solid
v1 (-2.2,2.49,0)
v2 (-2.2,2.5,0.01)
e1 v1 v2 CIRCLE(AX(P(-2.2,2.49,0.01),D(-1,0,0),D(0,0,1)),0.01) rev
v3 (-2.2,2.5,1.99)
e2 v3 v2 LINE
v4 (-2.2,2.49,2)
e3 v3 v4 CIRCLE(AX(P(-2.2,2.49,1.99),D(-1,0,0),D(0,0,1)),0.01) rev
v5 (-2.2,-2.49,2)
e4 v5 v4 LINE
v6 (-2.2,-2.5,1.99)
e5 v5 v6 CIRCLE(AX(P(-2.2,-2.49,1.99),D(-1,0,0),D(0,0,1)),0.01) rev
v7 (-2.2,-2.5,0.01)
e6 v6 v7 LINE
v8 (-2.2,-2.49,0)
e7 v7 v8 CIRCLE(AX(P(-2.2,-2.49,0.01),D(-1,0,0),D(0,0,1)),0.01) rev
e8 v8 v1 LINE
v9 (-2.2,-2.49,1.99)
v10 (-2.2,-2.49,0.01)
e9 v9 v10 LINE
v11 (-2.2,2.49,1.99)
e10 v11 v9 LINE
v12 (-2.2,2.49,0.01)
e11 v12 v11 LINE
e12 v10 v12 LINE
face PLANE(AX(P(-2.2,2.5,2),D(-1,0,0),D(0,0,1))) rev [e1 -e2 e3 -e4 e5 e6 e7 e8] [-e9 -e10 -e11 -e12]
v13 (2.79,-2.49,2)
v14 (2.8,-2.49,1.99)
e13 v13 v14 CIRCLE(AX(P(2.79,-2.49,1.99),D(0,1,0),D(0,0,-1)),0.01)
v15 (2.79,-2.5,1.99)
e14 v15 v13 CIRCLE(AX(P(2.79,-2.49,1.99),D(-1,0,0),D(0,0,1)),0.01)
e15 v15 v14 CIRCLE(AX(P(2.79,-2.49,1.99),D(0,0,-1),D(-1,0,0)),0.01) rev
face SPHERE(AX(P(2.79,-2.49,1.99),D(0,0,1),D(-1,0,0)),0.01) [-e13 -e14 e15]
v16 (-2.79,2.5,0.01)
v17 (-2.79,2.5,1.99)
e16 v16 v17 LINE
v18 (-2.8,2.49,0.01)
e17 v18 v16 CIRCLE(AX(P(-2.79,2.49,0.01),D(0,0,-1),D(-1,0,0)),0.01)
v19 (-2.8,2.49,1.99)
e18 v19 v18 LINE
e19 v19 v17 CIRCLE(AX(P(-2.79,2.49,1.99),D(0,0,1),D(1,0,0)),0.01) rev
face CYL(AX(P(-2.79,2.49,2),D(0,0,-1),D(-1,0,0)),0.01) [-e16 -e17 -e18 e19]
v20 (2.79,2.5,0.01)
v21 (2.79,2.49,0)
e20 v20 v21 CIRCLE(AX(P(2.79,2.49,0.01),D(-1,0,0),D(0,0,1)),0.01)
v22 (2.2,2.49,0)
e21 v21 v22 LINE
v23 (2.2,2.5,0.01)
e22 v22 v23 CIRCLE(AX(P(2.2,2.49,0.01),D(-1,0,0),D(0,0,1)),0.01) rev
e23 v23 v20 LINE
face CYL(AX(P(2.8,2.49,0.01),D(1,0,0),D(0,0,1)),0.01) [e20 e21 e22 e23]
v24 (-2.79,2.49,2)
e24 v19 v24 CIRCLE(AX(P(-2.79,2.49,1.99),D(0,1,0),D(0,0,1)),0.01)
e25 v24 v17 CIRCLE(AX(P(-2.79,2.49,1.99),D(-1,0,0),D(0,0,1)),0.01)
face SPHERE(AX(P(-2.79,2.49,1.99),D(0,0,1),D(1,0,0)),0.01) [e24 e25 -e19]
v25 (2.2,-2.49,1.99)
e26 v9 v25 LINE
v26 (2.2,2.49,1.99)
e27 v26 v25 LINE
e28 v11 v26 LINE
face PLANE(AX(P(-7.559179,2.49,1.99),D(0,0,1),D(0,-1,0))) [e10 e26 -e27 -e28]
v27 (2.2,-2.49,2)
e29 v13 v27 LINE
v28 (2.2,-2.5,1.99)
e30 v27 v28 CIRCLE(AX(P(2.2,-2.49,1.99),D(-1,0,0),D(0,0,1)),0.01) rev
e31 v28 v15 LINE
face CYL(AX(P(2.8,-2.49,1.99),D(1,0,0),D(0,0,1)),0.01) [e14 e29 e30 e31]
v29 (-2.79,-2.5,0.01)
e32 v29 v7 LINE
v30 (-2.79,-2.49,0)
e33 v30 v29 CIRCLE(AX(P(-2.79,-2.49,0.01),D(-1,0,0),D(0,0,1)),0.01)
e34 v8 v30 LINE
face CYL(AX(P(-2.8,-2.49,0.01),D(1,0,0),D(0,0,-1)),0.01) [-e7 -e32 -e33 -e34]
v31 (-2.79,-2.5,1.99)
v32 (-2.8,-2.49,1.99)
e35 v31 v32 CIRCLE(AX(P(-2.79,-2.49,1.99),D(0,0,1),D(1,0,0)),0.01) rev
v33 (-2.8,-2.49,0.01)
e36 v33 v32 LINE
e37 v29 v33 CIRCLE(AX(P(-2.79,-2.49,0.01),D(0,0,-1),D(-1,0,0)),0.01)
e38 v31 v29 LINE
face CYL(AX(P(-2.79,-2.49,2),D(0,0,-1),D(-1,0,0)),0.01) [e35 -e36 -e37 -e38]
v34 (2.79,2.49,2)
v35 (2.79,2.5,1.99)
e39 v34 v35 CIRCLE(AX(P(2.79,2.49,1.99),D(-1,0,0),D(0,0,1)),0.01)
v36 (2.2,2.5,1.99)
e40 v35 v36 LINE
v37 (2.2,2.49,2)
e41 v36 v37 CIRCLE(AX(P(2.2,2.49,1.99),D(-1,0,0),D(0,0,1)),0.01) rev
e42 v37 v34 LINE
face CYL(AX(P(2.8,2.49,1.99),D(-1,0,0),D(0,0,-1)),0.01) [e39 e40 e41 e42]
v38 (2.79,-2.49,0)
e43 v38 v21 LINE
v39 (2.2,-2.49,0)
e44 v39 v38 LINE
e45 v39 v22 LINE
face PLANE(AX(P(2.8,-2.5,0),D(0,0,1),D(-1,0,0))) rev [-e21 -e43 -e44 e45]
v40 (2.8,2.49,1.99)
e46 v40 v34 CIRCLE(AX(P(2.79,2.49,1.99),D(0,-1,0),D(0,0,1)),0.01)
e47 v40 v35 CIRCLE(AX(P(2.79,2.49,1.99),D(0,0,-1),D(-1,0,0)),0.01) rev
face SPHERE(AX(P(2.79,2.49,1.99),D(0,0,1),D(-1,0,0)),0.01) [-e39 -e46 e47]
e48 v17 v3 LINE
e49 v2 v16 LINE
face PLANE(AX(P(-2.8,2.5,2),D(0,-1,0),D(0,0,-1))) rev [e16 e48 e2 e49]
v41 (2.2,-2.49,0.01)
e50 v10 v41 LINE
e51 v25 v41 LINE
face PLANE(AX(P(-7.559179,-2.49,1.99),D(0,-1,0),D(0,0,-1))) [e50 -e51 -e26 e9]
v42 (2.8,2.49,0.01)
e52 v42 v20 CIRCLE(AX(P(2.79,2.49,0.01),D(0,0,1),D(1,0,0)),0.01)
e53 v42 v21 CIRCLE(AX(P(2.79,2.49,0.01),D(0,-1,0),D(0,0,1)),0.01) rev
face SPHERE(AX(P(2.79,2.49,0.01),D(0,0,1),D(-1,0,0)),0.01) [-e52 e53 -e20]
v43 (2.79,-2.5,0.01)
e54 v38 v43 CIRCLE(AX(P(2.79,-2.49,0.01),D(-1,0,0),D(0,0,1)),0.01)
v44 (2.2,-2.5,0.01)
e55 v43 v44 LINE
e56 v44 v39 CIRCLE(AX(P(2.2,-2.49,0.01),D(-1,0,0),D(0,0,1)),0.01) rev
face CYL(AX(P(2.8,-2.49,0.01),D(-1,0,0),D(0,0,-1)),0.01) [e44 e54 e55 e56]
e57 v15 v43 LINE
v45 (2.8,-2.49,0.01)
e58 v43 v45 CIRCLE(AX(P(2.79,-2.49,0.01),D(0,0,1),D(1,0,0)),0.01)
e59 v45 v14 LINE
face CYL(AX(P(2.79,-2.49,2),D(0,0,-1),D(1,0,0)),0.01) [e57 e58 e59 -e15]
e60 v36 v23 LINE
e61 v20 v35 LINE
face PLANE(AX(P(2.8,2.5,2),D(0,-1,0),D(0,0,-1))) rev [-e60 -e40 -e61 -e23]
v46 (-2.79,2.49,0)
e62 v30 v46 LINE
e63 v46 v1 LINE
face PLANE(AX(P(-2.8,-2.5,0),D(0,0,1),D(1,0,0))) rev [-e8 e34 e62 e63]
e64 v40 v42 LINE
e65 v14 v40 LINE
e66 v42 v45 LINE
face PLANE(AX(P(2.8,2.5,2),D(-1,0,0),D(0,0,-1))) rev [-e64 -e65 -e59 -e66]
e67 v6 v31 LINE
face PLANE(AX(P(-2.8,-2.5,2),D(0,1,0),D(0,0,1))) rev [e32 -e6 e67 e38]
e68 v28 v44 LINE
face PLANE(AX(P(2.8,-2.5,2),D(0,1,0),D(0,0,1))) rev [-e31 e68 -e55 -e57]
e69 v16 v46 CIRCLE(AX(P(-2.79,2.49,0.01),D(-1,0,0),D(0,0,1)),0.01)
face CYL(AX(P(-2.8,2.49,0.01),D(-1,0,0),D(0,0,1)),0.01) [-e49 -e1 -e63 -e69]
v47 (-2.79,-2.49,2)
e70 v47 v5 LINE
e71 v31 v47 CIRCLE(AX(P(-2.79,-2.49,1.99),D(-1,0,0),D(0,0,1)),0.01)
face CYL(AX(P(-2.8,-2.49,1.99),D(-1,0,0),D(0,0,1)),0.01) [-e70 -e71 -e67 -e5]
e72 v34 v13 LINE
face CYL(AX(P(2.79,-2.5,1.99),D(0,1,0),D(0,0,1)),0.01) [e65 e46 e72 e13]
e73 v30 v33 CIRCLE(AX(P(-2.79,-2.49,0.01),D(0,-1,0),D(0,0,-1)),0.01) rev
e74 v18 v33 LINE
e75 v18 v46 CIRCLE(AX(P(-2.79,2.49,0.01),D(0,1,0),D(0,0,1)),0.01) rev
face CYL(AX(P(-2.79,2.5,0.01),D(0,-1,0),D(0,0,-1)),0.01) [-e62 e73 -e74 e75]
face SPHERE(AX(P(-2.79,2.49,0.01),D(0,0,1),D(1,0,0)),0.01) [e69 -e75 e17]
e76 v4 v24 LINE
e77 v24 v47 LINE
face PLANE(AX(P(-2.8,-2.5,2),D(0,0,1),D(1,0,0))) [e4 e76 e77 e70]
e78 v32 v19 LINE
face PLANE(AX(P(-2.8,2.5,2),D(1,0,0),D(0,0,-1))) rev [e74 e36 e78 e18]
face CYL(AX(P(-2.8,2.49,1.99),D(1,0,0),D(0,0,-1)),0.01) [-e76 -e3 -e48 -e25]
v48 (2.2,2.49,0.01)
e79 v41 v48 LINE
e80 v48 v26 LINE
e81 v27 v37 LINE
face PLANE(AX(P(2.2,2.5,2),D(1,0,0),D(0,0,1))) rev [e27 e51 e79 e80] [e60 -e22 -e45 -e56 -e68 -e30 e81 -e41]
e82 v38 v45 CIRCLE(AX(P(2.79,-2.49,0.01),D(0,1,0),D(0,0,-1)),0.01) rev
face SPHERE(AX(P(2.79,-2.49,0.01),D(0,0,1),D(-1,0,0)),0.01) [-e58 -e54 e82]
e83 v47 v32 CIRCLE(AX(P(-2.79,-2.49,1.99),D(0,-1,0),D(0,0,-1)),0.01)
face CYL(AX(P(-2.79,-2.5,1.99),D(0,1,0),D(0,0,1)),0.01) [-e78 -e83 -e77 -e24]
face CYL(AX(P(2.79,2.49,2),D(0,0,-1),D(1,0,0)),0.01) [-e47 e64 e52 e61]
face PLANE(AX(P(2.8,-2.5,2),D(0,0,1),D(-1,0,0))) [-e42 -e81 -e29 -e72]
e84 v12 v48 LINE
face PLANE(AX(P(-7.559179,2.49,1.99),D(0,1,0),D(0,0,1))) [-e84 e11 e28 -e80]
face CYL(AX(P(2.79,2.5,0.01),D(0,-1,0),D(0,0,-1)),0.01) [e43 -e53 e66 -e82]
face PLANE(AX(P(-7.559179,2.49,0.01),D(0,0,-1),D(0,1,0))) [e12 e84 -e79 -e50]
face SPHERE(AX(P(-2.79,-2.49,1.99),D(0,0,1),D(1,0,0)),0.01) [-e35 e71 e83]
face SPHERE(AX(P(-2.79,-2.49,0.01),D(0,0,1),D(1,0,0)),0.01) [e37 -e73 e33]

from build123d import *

# Parameters (mm, degrees)
SKETCH1_W            = 0.6
SKETCH1_H            = 5
THICKNESS_DEPTH      = 2
FILLET1_R            = 0.01
SKETCH2_W            = 1.98
SKETCH2_H            = 4.98
BOSS_EXTRUDE2_DEPTH  = 2.2
FILLET1_OF_MIRROR3_R = 0.01


with BuildPart() as part:
    # Sketch1 → THICKNESS (new body)
    with BuildSketch(Plane.XY):
        with Locations((-2.5, 0)):
            Rectangle(SKETCH1_W, SKETCH1_H)
    thickness = extrude(amount=THICKNESS_DEPTH)

    # Fillet1
    fillet1_edges = [part.edges().sort_by_distance(p)[0] for p in [
        (-2.5, 2.5, 2),
        (-2.8, 0, 2),
        (-2.5, 2.5, 0),
        (-2.5, -2.5, 0),
        (-2.8, 0, 0),
        (-2.5, -2.5, 2),
        (-2.8, 2.5, 1),
        (-2.8, -2.5, 1),
    ]]
    fillet(fillet1_edges, radius=FILLET1_R)

    # Sketch2 → Boss-Extrude2 (add)
    with BuildSketch(Plane(origin=(0, 0, 0), x_dir=(0, 0, -1), z_dir=(1, 0, 0))):
        with Locations((-1, 0)):
            Rectangle(SKETCH2_W, SKETCH2_H)
    boss_extrude2 = extrude(amount=-BOSS_EXTRUDE2_DEPTH)

    # Mirror3: THICKNESS, Boss-Extrude2 across plane
    add(thickness.mirror(Plane(origin=(0, 0, 0), x_dir=(0, 0, 1), z_dir=(1, 0, 0))))
    add(boss_extrude2.mirror(Plane(origin=(0, 0, 0), x_dir=(0, 0, 1), z_dir=(1, 0, 0))))

    # Fillet1 of Mirror3
    fillet1_of_mirror3_edges = [part.edges().sort_by_distance(p)[0] for p in [
        (2.5, 2.5, 2),
        (2.8, 0, 2),
        (2.5, 2.5, 0),
        (2.5, -2.5, 0),
        (2.8, 0, 0),
        (2.5, -2.5, 2),
        (2.8, 2.5, 1),
        (2.8, -2.5, 1),
    ]]
    fillet(fillet1_of_mirror3_edges, radius=FILLET1_OF_MIRROR3_R)


solid = part.part
